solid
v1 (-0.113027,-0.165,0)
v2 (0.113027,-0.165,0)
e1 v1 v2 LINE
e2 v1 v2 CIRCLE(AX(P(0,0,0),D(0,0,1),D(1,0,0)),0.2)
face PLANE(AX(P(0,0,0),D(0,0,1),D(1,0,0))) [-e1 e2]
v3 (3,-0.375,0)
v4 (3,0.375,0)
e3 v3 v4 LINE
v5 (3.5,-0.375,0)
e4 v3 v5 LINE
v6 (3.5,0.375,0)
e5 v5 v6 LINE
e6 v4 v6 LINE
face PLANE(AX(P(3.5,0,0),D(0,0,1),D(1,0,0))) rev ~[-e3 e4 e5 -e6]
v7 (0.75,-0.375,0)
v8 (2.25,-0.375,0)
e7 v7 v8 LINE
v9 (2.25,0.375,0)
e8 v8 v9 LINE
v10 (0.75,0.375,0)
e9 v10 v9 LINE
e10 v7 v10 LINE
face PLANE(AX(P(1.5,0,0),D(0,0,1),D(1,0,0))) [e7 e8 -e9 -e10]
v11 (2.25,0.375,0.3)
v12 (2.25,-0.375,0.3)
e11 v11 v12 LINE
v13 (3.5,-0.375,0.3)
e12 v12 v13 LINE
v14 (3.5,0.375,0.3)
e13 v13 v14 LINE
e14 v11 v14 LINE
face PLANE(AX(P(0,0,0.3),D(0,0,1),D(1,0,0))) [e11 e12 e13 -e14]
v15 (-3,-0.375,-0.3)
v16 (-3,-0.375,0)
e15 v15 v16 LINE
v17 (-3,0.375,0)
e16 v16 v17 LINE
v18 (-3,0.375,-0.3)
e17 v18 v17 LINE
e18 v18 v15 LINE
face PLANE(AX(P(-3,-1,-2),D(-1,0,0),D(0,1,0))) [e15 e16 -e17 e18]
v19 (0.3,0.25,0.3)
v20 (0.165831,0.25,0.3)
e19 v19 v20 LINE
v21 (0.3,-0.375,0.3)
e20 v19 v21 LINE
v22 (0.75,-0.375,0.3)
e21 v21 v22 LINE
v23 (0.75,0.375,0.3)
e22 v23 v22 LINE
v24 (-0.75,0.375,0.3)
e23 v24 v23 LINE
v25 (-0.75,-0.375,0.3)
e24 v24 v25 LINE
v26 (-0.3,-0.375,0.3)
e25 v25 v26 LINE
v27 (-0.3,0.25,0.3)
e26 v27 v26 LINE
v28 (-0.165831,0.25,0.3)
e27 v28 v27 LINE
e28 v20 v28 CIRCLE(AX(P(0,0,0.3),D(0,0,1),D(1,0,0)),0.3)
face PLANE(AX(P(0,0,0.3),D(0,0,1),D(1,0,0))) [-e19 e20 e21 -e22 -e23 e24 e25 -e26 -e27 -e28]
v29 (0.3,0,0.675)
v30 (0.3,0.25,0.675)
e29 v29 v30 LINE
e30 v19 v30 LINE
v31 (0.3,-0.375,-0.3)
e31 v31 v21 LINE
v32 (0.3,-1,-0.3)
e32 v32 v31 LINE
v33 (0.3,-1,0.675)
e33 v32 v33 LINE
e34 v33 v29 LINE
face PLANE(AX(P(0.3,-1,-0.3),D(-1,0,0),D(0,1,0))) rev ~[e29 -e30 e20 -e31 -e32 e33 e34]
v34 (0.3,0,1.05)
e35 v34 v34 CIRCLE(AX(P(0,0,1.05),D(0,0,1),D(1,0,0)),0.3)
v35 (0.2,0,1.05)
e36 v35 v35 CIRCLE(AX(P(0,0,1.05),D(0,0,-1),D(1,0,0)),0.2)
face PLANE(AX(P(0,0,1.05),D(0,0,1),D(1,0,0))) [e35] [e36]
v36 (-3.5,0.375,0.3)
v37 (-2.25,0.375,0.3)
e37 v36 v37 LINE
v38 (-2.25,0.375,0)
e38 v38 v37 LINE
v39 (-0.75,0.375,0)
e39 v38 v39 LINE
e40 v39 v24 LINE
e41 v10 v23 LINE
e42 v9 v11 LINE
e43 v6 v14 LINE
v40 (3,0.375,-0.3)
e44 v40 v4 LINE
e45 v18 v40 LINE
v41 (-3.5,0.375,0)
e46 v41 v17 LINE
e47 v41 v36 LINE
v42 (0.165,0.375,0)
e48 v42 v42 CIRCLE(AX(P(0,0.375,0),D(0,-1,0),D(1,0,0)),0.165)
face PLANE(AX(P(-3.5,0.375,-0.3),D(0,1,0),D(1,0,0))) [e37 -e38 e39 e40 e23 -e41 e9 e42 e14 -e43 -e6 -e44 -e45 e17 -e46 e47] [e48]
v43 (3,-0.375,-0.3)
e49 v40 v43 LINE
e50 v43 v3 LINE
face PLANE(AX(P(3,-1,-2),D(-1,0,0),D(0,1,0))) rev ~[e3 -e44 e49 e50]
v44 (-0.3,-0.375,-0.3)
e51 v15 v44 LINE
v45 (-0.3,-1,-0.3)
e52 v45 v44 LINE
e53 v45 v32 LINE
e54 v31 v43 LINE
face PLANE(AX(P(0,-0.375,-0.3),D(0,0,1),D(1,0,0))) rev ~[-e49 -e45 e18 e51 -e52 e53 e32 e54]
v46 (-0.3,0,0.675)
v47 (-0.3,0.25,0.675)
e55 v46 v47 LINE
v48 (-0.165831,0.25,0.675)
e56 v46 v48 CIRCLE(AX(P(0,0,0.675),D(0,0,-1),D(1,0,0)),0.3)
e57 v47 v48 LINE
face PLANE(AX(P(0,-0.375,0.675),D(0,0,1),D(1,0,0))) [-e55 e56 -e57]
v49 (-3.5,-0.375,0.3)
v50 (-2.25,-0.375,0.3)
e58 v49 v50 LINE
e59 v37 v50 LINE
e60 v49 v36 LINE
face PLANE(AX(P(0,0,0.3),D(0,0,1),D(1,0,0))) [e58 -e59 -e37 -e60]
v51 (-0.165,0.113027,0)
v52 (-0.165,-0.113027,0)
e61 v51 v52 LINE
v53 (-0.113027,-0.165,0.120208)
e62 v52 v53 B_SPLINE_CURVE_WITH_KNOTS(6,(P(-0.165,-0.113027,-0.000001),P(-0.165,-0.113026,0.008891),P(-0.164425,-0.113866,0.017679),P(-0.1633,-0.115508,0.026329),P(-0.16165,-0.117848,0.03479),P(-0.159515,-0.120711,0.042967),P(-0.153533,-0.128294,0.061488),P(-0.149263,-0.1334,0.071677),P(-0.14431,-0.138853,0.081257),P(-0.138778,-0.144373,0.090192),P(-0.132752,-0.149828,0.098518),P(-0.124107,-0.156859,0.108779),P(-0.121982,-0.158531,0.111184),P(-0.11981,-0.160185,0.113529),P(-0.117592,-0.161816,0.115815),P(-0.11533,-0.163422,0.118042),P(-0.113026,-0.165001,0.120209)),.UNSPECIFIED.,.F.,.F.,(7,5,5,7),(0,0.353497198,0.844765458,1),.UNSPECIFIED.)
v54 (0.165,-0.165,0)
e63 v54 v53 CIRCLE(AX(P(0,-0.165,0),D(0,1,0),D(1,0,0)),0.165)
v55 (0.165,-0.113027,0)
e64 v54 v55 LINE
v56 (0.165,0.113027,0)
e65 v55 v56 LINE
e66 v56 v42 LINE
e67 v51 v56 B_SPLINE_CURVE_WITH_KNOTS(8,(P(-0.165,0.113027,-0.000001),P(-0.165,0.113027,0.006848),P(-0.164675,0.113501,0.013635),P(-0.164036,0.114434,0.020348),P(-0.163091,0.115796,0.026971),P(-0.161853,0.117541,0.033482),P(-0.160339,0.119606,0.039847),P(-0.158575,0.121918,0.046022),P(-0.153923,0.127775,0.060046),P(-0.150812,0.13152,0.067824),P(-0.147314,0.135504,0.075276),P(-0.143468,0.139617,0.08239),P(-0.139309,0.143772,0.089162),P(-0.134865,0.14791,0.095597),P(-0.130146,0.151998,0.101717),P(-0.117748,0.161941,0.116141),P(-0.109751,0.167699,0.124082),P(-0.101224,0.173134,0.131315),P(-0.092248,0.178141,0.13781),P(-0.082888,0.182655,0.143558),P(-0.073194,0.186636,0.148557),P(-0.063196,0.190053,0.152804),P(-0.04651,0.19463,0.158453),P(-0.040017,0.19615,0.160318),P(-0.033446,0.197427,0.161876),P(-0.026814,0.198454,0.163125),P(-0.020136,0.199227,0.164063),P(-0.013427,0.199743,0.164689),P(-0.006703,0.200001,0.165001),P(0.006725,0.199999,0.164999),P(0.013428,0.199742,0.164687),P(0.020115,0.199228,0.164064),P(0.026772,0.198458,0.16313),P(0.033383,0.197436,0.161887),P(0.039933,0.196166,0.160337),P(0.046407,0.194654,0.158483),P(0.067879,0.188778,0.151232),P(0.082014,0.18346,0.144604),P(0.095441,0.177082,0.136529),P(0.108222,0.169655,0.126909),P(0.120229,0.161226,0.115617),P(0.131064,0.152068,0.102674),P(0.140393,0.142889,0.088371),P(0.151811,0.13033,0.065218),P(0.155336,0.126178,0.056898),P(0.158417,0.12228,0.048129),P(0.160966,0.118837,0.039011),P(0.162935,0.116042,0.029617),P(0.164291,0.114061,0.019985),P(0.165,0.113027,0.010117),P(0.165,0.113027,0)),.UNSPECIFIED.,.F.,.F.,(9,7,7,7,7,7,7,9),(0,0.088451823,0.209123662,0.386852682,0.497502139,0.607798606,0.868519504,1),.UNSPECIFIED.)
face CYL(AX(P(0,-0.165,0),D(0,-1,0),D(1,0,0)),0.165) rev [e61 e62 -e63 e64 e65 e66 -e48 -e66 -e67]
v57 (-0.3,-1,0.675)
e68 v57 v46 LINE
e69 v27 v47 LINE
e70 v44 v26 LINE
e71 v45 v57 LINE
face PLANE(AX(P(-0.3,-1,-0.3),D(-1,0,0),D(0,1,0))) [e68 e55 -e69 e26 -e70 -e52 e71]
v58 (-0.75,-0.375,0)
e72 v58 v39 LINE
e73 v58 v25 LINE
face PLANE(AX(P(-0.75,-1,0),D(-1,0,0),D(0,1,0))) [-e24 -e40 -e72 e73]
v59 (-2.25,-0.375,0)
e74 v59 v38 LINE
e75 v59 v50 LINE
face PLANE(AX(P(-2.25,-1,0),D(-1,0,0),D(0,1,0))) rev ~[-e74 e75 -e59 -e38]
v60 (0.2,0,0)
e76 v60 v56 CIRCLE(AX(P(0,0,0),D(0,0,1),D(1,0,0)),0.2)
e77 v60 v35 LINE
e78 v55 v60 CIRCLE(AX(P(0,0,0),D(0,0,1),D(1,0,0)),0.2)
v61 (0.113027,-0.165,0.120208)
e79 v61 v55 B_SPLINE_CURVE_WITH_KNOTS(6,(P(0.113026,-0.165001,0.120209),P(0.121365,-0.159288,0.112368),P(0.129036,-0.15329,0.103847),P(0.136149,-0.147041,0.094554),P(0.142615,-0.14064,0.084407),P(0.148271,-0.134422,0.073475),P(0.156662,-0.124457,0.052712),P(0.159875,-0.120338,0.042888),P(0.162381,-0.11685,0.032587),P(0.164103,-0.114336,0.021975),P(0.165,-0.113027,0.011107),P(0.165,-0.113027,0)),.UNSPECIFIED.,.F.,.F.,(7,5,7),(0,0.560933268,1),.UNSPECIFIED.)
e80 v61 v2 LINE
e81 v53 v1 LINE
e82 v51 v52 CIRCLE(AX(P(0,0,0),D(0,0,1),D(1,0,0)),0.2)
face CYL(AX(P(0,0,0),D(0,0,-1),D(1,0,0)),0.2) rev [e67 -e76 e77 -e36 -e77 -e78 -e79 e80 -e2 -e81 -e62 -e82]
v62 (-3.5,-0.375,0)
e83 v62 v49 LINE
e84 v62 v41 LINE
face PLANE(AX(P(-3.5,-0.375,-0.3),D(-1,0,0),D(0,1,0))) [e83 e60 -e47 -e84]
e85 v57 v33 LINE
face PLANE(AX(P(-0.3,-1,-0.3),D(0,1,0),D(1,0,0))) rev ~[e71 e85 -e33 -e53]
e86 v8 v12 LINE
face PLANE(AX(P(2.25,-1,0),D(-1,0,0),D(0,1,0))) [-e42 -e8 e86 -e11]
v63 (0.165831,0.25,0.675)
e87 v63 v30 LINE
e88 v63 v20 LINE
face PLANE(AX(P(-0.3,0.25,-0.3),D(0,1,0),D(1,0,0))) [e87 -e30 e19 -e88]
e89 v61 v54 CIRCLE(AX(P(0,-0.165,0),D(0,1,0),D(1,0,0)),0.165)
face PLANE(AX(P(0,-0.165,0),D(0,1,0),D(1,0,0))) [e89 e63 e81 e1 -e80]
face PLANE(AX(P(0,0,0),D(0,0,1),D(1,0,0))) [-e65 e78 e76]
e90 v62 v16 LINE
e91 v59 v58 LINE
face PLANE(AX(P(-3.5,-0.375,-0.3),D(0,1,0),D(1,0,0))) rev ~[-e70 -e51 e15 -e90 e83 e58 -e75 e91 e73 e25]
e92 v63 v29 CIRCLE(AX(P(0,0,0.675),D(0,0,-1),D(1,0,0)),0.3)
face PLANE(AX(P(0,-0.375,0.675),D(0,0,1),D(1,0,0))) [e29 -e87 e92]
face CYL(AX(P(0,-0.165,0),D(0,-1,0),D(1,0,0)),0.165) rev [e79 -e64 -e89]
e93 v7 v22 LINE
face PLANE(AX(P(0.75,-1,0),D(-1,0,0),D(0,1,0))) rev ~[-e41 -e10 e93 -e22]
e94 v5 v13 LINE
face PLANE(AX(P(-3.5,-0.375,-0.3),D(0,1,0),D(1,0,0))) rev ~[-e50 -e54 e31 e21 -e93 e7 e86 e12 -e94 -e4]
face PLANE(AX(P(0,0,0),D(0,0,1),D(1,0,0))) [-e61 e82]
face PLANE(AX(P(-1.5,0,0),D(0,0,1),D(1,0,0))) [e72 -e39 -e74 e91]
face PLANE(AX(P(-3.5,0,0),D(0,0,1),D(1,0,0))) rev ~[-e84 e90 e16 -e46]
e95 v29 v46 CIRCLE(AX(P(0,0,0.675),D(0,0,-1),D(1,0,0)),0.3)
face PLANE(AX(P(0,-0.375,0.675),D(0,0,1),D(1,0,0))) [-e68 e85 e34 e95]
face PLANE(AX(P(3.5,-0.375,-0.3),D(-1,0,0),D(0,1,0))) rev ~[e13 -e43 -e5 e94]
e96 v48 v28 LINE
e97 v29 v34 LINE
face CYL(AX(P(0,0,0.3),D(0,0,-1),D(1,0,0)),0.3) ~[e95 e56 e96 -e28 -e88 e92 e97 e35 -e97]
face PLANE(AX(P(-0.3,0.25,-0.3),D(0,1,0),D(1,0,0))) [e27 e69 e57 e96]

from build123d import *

# Parameters (mm, degrees)
CYLINDER136_R          = 0.2
CYLINDER136_DEPTH      = 9
BOX001_W               = 1
BOX001_H               = 2
BOX001_DEPTH           = 2
BOX002_W               = 1
BOX002_H               = 2
BOX002_DEPTH           = 2
BOX004_W               = 1.5
BOX004_H               = 2
BOX004_DEPTH           = 1
BOX005_W               = 1.5
BOX005_H               = 2
BOX005_DEPTH           = 1
CYLINDER138_R          = 0.165
CYLINDER138_DEPTH      = 14
CYLINDER138_ROLL_ANGLE = -90
BOX003_W               = 0.6
BOX003_H               = 1.25
BOX003_DEPTH           = 0.975
CYLINDER140_R          = 0.3
CYLINDER140_DEPTH      = 0.75
BOX_W                  = 7
BOX_H                  = 0.75
BOX_DEPTH              = 0.6


with BuildPart() as bowtienozzle:
    # Cylinder136 → Cylinder136 (new body)
    with BuildSketch(Plane.XY):
        Circle(CYLINDER136_R)
    extrude(amount=CYLINDER136_DEPTH)


with BuildPart() as cube:
    # Box001 → Box001 (new body)
    with BuildSketch(Plane(origin=(3, -1, -2), x_dir=(1, 0, 0), z_dir=(0, 0, 1))):
        with Locations((0.5, 1)):
            Rectangle(BOX001_W, BOX001_H)
    extrude(amount=BOX001_DEPTH)


with BuildPart() as cube001:
    # Box002 → Box002 (new body)
    with BuildSketch(Plane(origin=(-4, -1, -2), x_dir=(1, 0, 0), z_dir=(0, 0, 1))):
        with Locations((0.5, 1)):
            Rectangle(BOX002_W, BOX002_H)
    extrude(amount=BOX002_DEPTH)


with BuildPart() as cube003:
    # Box004 → Box004 (new body)
    with BuildSketch(Plane(origin=(0.75, -1, 0), x_dir=(1, 0, 0), z_dir=(0, 0, 1))):
        with Locations((0.75, 1)):
            Rectangle(BOX004_W, BOX004_H)
    extrude(amount=BOX004_DEPTH)


with BuildPart() as cube004:
    # Box005 → Box005 (new body)
    with BuildSketch(Plane(origin=(-2.25, -1, 0), x_dir=(1, 0, 0), z_dir=(0, 0, 1))):
        with Locations((0.75, 1)):
            Rectangle(BOX005_W, BOX005_H)
    extrude(amount=BOX005_DEPTH)


with BuildPart() as fusion001:
    # Cylinder138 → Cylinder138 (new body)
    with BuildSketch(Plane.XY):
        Circle(CYLINDER138_R)
    extrude(amount=CYLINDER138_DEPTH)


with BuildPart() as fusion001_1:
    # Cylinder138 roll: moved
    add(fusion001.part.rotate(Axis((0, 0, 0), (1, 0, 0)), CYLINDER138_ROLL_ANGLE))


with BuildPart() as fusion001_2:
    # Cylinder138 placement: moved
    add(fusion001_1.part.moved(Location((0, -0.165, 0))))

    # Fusion001: union BowTieNozzle, Cube, Cube001, Cube003, Cube004
    add(bowtienozzle.part)
    add(cube.part)
    add(cube001.part)
    add(cube003.part)
    add(cube004.part)


with BuildPart() as cube002:
    # Box003 → Box003 (new body)
    with BuildSketch(Plane(origin=(-0.3, -1, -0.3), x_dir=(1, 0, 0), z_dir=(0, 0, 1))):
        with Locations((0.3, 0.625)):
            Rectangle(BOX003_W, BOX003_H)
    extrude(amount=BOX003_DEPTH)


with BuildPart() as nozzle_od:
    # Cylinder140 → Cylinder140 (new body)
    with BuildSketch(Plane.XY.offset(0.3)):
        Circle(CYLINDER140_R)
    extrude(amount=CYLINDER140_DEPTH)


with BuildPart() as cut:
    # Box → Box (new body)
    with BuildSketch(Plane(origin=(-3.5, -0.375, -0.3), x_dir=(1, 0, 0), z_dir=(0, 0, 1))):
        with Locations((3.5, 0.375)):
            Rectangle(BOX_W, BOX_H)
    extrude(amount=BOX_DEPTH)

    # Fusion: union Nozzle_OD
    add(nozzle_od.part)

    # Fusion002: union Cube002
    add(cube002.part)

    # Cut: cut Fusion001
    add(fusion001_2.part, mode=Mode.SUBTRACT)


solid = cut.part
